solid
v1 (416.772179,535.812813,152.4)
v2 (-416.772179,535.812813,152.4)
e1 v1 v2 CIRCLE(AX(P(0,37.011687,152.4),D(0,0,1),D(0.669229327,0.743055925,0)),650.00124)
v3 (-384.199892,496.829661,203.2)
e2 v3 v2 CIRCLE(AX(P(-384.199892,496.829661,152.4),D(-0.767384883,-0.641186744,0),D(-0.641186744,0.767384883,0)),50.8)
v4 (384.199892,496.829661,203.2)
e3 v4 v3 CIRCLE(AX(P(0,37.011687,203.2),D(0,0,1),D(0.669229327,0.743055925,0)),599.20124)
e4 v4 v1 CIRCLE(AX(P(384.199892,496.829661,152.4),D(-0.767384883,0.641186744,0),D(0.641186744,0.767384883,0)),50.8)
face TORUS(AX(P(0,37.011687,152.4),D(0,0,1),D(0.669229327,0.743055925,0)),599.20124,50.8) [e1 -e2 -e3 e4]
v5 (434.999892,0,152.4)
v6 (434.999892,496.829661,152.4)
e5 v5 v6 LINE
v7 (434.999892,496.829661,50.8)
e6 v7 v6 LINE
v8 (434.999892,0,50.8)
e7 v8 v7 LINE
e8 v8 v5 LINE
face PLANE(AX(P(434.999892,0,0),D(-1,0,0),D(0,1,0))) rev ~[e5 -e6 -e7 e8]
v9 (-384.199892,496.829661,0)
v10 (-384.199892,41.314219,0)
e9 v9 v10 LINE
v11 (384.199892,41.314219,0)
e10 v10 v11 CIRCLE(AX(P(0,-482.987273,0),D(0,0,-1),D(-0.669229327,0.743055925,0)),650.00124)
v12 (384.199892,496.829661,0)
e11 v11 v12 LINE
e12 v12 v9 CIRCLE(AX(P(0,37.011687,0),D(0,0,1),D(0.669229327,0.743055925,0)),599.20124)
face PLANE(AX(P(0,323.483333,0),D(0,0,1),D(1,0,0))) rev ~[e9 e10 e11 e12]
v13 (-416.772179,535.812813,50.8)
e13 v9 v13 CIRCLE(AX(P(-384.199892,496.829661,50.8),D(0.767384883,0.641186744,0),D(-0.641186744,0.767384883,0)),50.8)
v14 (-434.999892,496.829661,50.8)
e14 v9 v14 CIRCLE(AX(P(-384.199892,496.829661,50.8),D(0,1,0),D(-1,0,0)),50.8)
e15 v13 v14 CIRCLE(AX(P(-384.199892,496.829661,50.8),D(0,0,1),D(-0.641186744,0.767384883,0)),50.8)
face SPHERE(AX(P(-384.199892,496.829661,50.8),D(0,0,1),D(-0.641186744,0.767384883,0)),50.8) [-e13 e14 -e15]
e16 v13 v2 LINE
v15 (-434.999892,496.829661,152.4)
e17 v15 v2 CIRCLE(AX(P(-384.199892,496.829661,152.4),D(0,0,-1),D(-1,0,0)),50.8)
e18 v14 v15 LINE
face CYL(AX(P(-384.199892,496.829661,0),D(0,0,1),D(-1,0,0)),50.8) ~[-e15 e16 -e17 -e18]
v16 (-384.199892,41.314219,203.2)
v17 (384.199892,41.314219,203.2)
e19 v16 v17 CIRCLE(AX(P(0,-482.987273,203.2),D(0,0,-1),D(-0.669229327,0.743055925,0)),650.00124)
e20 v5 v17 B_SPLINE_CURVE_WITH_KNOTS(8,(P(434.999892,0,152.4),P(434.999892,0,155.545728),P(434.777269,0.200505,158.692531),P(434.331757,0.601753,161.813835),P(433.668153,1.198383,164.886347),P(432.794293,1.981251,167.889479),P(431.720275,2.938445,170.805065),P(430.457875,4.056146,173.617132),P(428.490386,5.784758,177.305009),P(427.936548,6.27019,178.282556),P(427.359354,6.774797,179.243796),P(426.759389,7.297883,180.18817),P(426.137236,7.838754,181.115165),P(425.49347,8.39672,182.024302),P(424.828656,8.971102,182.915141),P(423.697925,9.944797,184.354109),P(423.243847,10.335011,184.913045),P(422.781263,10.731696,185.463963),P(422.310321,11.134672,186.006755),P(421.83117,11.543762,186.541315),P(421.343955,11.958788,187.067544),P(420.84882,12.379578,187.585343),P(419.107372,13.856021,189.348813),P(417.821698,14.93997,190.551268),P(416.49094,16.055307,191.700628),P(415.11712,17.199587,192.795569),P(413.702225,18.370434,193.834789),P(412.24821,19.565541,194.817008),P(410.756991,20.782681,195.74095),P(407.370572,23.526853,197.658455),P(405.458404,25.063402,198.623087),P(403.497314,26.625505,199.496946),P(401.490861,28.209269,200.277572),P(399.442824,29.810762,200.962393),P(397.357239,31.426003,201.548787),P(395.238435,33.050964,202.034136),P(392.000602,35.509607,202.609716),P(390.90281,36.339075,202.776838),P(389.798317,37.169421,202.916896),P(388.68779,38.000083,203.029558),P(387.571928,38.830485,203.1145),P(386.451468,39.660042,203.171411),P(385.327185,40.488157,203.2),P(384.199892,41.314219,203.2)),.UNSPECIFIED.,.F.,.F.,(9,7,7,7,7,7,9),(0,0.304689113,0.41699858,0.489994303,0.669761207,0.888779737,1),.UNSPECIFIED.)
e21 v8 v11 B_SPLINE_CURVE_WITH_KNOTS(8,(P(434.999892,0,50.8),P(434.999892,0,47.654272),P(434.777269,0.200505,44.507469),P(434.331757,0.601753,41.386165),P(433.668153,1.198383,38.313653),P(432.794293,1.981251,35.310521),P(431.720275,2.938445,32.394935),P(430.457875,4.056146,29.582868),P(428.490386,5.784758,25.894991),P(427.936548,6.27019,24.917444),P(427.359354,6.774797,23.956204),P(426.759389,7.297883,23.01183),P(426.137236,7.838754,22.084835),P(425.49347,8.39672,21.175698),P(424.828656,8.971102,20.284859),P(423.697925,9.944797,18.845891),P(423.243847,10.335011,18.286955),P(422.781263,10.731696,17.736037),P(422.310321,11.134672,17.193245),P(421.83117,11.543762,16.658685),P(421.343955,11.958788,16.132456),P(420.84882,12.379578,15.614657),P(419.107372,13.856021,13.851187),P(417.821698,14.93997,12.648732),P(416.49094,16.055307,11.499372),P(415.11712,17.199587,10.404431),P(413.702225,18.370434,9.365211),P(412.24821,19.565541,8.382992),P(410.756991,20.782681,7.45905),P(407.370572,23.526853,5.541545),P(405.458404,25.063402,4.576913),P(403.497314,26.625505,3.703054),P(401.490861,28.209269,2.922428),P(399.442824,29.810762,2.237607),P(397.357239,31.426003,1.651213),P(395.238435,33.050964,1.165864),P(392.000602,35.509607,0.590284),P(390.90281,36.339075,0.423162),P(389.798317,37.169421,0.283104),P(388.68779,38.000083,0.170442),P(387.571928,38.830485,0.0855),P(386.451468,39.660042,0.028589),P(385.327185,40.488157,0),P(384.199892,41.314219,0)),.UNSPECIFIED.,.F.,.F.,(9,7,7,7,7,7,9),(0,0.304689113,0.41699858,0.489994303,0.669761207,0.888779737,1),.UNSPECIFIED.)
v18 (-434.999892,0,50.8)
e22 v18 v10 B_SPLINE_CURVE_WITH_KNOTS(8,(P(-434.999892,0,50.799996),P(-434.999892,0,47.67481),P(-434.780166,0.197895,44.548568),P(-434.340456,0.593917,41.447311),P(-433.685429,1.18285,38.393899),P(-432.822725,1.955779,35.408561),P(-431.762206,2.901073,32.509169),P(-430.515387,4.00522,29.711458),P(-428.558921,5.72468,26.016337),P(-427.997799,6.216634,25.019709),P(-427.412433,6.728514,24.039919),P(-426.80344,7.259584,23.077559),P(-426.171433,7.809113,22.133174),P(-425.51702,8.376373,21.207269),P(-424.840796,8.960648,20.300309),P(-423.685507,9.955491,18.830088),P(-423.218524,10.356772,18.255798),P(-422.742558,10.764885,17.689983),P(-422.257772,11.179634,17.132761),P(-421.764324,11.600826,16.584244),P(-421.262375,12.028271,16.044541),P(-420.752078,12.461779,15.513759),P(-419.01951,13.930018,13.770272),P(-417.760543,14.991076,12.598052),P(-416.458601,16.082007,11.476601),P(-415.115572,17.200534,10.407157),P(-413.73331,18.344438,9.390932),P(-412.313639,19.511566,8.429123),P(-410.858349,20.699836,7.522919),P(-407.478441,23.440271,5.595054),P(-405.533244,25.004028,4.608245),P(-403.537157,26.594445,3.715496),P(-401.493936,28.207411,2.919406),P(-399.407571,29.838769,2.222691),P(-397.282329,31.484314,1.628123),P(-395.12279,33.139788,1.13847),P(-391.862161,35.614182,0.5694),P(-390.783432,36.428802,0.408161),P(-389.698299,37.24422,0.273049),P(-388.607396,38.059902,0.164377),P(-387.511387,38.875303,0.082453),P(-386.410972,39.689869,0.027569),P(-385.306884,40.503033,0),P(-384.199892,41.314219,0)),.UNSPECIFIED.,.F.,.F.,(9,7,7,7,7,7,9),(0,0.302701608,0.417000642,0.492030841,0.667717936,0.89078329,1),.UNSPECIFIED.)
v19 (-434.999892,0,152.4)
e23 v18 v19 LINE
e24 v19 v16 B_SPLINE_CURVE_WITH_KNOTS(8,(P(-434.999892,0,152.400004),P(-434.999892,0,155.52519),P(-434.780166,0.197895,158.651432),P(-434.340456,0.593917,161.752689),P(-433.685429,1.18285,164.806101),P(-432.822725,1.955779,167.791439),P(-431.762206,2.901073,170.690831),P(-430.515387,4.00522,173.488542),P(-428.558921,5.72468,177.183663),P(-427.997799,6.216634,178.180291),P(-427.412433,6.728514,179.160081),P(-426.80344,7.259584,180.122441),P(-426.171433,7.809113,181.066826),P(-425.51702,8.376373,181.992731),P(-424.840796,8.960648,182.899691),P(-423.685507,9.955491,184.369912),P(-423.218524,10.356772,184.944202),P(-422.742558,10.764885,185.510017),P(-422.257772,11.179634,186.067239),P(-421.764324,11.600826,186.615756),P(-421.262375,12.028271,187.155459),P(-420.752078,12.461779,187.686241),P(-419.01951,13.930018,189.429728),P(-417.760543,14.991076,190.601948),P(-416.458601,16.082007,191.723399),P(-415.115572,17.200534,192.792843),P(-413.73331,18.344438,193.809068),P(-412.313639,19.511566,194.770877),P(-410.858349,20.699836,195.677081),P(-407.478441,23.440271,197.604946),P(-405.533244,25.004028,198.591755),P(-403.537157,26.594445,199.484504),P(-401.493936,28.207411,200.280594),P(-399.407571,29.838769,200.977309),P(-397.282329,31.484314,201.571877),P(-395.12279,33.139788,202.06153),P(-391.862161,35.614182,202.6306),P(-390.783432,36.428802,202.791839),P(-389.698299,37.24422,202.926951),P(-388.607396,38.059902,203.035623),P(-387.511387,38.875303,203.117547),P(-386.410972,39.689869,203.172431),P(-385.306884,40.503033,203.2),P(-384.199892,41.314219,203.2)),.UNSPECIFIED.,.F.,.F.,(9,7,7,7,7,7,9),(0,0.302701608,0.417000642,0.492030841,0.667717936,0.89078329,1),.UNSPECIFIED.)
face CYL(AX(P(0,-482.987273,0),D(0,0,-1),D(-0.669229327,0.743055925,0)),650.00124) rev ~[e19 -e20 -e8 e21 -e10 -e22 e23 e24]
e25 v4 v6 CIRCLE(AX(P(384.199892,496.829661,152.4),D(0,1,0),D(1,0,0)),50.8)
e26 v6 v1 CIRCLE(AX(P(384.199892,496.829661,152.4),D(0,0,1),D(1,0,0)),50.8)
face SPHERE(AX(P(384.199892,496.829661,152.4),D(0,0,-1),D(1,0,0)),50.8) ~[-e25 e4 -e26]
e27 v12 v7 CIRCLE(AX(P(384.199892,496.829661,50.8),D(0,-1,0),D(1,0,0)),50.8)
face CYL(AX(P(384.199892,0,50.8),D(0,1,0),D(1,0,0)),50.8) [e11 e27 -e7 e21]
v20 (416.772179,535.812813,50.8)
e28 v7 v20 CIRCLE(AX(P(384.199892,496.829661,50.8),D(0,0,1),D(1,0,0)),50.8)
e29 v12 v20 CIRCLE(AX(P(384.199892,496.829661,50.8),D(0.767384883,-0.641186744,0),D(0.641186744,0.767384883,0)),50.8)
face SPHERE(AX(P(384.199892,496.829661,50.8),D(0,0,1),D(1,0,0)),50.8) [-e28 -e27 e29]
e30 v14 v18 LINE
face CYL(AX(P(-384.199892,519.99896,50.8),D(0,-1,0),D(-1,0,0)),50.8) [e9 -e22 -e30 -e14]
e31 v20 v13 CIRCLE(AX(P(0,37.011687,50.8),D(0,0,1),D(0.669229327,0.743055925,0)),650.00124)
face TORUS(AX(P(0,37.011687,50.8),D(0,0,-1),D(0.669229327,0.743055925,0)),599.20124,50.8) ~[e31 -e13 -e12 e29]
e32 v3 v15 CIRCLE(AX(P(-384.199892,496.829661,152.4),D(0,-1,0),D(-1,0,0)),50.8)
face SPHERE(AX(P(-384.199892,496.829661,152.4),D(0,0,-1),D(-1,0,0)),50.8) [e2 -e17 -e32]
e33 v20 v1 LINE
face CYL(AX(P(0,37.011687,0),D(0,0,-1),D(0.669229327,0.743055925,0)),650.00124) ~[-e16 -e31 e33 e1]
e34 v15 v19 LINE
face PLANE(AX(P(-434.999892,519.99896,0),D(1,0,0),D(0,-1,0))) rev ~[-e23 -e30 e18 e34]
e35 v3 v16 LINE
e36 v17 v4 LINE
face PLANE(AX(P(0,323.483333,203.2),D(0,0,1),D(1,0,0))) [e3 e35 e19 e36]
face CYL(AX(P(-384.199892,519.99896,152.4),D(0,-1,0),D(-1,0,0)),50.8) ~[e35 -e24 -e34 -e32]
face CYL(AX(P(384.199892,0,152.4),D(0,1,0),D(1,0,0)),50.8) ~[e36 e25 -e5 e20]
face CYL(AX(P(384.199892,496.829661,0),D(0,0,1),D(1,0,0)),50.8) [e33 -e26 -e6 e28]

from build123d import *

# Parameters (mm, degrees)
F1_DEPTH = 203.2
F2_R     = 50.8


with BuildPart() as f1:
    # F0 (on Top) → F1 (new body)
    with BuildSketch(Plane.XY):
        with BuildLine():
            Line((-434.999892, 519.99896), (-434.999892, 0))
            ThreePointArc((-434.999892, 0), (0, 167.013967), (434.999892, 0))
            Line((434.999892, 0), (434.999892, 519.99896))
            ThreePointArc((434.999892, 519.99896), (0, 687.012927), (-434.999892, 519.99896))
        make_face()
    extrude(amount=F1_DEPTH)

    # F2
    f2_edges = [f1.edges().sort_by_distance(p)[0] for p in [
        (0, 687.012927, 203.2),
        (-434.999892, 519.99896, 101.6),
        (0, 687.012927, 0),
        (434.999892, 519.99896, 101.6),
        (434.999892, 259.99948, 0),
        (434.999892, 259.99948, 203.2),
        (-434.999892, 259.99948, 203.2),
        (-434.999892, 259.99948, 0),
    ]]
    fillet(f2_edges, radius=F2_R)


solid = f1.part
